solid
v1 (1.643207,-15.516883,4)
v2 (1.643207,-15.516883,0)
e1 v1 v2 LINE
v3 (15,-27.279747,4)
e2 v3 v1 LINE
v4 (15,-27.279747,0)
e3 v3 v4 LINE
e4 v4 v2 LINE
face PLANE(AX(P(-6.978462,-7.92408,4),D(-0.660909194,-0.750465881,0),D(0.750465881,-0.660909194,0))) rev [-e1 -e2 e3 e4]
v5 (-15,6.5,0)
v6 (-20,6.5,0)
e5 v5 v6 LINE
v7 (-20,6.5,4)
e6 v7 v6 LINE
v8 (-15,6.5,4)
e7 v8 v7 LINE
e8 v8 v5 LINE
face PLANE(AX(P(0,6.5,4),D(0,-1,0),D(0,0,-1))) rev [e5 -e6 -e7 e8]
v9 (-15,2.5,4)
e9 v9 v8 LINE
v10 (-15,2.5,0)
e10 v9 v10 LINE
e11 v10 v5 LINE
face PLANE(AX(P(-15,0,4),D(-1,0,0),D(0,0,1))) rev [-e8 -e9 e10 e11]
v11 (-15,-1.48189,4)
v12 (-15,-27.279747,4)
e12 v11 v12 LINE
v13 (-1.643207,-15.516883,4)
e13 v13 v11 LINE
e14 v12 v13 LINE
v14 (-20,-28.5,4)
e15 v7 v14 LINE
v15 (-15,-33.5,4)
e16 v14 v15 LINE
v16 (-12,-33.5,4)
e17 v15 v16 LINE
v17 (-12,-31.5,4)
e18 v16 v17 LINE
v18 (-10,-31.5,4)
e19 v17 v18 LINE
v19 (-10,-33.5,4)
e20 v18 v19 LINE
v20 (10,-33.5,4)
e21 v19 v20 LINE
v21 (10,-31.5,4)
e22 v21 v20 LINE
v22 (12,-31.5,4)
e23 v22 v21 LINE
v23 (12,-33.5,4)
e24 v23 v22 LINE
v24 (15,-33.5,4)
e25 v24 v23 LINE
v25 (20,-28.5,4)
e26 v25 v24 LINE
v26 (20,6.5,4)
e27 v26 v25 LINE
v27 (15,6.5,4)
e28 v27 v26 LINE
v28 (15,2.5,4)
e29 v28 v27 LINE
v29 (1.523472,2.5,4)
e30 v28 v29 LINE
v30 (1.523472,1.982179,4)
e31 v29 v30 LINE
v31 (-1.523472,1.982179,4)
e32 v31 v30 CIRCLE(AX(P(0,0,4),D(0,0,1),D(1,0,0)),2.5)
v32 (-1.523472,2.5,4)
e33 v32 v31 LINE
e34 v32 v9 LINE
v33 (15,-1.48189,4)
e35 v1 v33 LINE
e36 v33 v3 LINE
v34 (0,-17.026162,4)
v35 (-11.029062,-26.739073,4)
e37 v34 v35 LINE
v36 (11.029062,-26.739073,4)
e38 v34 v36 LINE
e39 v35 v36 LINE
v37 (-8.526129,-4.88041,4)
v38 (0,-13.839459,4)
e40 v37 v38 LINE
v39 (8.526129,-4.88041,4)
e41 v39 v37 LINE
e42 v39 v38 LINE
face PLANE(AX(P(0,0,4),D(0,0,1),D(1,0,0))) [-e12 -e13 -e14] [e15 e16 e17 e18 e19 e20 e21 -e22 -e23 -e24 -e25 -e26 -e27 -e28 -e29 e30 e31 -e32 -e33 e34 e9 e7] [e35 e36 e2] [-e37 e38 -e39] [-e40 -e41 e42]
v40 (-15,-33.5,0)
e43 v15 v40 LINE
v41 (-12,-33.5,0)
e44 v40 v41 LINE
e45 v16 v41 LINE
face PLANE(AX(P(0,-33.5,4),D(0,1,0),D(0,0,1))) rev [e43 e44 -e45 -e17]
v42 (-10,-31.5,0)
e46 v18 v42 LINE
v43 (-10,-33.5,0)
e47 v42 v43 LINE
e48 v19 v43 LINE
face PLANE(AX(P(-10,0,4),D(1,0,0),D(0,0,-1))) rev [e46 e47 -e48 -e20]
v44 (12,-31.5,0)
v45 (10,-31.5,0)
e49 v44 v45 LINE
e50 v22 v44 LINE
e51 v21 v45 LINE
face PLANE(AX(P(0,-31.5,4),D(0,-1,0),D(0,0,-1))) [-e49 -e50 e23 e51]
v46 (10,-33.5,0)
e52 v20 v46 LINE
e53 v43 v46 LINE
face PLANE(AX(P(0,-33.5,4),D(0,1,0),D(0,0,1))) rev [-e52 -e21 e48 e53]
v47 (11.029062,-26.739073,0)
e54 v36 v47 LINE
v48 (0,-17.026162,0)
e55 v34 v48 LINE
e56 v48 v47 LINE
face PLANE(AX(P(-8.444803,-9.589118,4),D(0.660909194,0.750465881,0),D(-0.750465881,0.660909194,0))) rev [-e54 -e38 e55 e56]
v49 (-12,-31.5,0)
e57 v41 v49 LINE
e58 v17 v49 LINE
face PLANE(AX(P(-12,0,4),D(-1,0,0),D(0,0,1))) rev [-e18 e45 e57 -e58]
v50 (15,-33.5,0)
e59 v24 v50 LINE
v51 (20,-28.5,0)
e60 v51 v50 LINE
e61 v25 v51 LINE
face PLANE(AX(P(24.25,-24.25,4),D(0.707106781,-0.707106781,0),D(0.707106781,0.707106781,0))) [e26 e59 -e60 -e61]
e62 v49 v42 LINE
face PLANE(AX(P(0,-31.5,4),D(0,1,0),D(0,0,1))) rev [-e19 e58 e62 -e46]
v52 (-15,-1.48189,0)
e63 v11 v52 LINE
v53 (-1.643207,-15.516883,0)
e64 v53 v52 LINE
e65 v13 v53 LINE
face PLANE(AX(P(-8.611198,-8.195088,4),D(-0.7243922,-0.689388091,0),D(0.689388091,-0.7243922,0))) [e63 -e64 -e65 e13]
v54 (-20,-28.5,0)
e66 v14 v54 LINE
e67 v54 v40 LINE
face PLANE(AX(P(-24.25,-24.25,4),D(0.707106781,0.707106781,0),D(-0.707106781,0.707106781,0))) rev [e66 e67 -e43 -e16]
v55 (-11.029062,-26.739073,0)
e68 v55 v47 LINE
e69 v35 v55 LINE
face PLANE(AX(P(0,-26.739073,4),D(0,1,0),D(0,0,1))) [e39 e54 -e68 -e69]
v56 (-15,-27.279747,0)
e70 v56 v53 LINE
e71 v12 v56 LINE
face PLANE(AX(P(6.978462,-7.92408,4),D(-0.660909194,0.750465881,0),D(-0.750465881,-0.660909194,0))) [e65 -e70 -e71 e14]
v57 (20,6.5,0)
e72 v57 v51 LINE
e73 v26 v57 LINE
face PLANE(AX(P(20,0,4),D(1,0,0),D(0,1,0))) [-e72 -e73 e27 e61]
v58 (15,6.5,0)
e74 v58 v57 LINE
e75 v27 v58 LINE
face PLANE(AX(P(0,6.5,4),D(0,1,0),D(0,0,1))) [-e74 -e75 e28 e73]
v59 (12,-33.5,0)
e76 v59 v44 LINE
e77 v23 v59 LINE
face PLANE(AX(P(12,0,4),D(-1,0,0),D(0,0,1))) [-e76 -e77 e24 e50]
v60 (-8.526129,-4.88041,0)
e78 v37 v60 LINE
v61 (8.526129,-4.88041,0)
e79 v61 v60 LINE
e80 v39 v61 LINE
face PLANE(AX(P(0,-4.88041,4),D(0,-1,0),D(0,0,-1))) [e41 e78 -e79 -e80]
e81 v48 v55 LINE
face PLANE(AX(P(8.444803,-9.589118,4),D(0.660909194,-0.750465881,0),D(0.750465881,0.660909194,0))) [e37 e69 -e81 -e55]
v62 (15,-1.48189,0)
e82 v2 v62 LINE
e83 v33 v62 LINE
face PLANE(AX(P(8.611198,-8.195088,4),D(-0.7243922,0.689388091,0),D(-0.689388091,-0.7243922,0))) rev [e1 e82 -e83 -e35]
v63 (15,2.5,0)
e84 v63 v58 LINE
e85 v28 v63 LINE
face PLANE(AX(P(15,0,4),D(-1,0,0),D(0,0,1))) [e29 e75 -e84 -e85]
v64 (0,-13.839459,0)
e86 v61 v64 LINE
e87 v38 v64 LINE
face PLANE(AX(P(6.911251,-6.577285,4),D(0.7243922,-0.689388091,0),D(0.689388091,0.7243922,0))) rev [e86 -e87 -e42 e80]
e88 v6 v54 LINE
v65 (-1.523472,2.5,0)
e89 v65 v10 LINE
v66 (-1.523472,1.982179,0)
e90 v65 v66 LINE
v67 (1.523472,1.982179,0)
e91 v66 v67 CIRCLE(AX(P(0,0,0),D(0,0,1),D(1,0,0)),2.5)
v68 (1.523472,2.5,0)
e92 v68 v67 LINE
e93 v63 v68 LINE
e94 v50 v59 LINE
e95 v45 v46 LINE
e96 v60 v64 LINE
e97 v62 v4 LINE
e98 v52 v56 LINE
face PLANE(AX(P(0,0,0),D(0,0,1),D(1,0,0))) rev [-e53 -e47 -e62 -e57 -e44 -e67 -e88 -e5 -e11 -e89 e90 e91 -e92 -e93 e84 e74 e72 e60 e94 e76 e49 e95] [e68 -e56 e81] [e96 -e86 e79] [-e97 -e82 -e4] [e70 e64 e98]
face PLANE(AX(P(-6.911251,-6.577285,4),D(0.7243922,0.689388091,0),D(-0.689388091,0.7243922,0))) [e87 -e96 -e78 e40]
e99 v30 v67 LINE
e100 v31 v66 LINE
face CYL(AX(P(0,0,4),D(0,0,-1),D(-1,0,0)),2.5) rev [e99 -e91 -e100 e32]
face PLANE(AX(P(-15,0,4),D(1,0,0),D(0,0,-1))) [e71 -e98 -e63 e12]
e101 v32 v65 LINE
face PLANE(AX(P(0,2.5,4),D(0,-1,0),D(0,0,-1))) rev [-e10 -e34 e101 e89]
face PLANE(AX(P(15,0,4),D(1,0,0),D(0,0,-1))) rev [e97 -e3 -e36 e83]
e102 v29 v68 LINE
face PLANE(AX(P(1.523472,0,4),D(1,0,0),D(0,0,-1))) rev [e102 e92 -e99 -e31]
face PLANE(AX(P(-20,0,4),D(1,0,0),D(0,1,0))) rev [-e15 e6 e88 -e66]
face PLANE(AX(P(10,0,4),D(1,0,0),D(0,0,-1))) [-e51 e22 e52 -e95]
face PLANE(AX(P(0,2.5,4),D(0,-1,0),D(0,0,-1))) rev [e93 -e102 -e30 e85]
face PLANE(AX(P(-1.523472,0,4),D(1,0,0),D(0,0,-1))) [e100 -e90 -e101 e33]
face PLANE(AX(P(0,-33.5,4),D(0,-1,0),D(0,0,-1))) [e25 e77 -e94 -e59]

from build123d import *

# Parameters (mm, degrees)
EXTRUDE_3_DEPTH = 4


with BuildPart() as part:
    # ｽｹｯﾁ1 → ﾎﾞｽ - 押し出し3 (new body)
    with BuildSketch(Plane.XY):
        with BuildLine():
            Line((15, 6.5), (15, 2.5))
            Line((15, 2.5), (1.523471671, 2.5))
            Line((1.523471671, 2.5), (1.523471671, 1.982179121))
            ThreePointArc((1.523471671, 1.982179121), (2.242618913, 1.104835015), (2.5, 0))
            ThreePointArc((2.5, 0), (-1.104835015, -2.242618913), (-1.523471671, 1.982179121))
            Line((-1.523471671, 1.982179121), (-1.523471671, 2.5))
            Line((-1.523471671, 2.5), (-15, 2.5))
            Line((-15, 2.5), (-15, 6.5))
            Line((-15, 6.5), (-20, 6.5))
            Line((-20, 6.5), (-20, -28.5))
            Line((-20, -28.5), (-15, -33.5))
            Line((-15, -33.5), (-12, -33.5))
            Line((-12, -33.5), (-12, -31.5))
            Line((-12, -31.5), (-10, -31.5))
            Line((-10, -31.5), (-10, -33.5))
            Line((-10, -33.5), (0, -33.5))
            Line((0, -33.5), (10, -33.5))
            Line((10, -33.5), (10, -31.5))
            Line((10, -31.5), (12, -31.5))
            Line((12, -31.5), (12, -33.5))
            Line((12, -33.5), (15, -33.5))
            Line((15, -33.5), (20, -28.5))
            Line((20, -28.5), (20, 6.5))
            Line((20, 6.5), (15, 6.5))
        make_face()
        Polygon((-15, -27.27974657), (-15, -1.481890402), (-1.643206603, -15.516883287), align=None, mode=Mode.SUBTRACT)
        Polygon((-11.029061917, -26.739072938), (0, -17.026161792), (11.029061917, -26.739072938), align=None, mode=Mode.SUBTRACT)
        Polygon((15, -27.27974657), (1.643206603, -15.516883287), (15, -1.481890402), align=None, mode=Mode.SUBTRACT)
        Polygon((-8.526128996, -4.880410376), (8.526128996, -4.880410376), (0, -13.839458872), align=None, mode=Mode.SUBTRACT)
    extrude(amount=EXTRUDE_3_DEPTH)


solid = part.part
